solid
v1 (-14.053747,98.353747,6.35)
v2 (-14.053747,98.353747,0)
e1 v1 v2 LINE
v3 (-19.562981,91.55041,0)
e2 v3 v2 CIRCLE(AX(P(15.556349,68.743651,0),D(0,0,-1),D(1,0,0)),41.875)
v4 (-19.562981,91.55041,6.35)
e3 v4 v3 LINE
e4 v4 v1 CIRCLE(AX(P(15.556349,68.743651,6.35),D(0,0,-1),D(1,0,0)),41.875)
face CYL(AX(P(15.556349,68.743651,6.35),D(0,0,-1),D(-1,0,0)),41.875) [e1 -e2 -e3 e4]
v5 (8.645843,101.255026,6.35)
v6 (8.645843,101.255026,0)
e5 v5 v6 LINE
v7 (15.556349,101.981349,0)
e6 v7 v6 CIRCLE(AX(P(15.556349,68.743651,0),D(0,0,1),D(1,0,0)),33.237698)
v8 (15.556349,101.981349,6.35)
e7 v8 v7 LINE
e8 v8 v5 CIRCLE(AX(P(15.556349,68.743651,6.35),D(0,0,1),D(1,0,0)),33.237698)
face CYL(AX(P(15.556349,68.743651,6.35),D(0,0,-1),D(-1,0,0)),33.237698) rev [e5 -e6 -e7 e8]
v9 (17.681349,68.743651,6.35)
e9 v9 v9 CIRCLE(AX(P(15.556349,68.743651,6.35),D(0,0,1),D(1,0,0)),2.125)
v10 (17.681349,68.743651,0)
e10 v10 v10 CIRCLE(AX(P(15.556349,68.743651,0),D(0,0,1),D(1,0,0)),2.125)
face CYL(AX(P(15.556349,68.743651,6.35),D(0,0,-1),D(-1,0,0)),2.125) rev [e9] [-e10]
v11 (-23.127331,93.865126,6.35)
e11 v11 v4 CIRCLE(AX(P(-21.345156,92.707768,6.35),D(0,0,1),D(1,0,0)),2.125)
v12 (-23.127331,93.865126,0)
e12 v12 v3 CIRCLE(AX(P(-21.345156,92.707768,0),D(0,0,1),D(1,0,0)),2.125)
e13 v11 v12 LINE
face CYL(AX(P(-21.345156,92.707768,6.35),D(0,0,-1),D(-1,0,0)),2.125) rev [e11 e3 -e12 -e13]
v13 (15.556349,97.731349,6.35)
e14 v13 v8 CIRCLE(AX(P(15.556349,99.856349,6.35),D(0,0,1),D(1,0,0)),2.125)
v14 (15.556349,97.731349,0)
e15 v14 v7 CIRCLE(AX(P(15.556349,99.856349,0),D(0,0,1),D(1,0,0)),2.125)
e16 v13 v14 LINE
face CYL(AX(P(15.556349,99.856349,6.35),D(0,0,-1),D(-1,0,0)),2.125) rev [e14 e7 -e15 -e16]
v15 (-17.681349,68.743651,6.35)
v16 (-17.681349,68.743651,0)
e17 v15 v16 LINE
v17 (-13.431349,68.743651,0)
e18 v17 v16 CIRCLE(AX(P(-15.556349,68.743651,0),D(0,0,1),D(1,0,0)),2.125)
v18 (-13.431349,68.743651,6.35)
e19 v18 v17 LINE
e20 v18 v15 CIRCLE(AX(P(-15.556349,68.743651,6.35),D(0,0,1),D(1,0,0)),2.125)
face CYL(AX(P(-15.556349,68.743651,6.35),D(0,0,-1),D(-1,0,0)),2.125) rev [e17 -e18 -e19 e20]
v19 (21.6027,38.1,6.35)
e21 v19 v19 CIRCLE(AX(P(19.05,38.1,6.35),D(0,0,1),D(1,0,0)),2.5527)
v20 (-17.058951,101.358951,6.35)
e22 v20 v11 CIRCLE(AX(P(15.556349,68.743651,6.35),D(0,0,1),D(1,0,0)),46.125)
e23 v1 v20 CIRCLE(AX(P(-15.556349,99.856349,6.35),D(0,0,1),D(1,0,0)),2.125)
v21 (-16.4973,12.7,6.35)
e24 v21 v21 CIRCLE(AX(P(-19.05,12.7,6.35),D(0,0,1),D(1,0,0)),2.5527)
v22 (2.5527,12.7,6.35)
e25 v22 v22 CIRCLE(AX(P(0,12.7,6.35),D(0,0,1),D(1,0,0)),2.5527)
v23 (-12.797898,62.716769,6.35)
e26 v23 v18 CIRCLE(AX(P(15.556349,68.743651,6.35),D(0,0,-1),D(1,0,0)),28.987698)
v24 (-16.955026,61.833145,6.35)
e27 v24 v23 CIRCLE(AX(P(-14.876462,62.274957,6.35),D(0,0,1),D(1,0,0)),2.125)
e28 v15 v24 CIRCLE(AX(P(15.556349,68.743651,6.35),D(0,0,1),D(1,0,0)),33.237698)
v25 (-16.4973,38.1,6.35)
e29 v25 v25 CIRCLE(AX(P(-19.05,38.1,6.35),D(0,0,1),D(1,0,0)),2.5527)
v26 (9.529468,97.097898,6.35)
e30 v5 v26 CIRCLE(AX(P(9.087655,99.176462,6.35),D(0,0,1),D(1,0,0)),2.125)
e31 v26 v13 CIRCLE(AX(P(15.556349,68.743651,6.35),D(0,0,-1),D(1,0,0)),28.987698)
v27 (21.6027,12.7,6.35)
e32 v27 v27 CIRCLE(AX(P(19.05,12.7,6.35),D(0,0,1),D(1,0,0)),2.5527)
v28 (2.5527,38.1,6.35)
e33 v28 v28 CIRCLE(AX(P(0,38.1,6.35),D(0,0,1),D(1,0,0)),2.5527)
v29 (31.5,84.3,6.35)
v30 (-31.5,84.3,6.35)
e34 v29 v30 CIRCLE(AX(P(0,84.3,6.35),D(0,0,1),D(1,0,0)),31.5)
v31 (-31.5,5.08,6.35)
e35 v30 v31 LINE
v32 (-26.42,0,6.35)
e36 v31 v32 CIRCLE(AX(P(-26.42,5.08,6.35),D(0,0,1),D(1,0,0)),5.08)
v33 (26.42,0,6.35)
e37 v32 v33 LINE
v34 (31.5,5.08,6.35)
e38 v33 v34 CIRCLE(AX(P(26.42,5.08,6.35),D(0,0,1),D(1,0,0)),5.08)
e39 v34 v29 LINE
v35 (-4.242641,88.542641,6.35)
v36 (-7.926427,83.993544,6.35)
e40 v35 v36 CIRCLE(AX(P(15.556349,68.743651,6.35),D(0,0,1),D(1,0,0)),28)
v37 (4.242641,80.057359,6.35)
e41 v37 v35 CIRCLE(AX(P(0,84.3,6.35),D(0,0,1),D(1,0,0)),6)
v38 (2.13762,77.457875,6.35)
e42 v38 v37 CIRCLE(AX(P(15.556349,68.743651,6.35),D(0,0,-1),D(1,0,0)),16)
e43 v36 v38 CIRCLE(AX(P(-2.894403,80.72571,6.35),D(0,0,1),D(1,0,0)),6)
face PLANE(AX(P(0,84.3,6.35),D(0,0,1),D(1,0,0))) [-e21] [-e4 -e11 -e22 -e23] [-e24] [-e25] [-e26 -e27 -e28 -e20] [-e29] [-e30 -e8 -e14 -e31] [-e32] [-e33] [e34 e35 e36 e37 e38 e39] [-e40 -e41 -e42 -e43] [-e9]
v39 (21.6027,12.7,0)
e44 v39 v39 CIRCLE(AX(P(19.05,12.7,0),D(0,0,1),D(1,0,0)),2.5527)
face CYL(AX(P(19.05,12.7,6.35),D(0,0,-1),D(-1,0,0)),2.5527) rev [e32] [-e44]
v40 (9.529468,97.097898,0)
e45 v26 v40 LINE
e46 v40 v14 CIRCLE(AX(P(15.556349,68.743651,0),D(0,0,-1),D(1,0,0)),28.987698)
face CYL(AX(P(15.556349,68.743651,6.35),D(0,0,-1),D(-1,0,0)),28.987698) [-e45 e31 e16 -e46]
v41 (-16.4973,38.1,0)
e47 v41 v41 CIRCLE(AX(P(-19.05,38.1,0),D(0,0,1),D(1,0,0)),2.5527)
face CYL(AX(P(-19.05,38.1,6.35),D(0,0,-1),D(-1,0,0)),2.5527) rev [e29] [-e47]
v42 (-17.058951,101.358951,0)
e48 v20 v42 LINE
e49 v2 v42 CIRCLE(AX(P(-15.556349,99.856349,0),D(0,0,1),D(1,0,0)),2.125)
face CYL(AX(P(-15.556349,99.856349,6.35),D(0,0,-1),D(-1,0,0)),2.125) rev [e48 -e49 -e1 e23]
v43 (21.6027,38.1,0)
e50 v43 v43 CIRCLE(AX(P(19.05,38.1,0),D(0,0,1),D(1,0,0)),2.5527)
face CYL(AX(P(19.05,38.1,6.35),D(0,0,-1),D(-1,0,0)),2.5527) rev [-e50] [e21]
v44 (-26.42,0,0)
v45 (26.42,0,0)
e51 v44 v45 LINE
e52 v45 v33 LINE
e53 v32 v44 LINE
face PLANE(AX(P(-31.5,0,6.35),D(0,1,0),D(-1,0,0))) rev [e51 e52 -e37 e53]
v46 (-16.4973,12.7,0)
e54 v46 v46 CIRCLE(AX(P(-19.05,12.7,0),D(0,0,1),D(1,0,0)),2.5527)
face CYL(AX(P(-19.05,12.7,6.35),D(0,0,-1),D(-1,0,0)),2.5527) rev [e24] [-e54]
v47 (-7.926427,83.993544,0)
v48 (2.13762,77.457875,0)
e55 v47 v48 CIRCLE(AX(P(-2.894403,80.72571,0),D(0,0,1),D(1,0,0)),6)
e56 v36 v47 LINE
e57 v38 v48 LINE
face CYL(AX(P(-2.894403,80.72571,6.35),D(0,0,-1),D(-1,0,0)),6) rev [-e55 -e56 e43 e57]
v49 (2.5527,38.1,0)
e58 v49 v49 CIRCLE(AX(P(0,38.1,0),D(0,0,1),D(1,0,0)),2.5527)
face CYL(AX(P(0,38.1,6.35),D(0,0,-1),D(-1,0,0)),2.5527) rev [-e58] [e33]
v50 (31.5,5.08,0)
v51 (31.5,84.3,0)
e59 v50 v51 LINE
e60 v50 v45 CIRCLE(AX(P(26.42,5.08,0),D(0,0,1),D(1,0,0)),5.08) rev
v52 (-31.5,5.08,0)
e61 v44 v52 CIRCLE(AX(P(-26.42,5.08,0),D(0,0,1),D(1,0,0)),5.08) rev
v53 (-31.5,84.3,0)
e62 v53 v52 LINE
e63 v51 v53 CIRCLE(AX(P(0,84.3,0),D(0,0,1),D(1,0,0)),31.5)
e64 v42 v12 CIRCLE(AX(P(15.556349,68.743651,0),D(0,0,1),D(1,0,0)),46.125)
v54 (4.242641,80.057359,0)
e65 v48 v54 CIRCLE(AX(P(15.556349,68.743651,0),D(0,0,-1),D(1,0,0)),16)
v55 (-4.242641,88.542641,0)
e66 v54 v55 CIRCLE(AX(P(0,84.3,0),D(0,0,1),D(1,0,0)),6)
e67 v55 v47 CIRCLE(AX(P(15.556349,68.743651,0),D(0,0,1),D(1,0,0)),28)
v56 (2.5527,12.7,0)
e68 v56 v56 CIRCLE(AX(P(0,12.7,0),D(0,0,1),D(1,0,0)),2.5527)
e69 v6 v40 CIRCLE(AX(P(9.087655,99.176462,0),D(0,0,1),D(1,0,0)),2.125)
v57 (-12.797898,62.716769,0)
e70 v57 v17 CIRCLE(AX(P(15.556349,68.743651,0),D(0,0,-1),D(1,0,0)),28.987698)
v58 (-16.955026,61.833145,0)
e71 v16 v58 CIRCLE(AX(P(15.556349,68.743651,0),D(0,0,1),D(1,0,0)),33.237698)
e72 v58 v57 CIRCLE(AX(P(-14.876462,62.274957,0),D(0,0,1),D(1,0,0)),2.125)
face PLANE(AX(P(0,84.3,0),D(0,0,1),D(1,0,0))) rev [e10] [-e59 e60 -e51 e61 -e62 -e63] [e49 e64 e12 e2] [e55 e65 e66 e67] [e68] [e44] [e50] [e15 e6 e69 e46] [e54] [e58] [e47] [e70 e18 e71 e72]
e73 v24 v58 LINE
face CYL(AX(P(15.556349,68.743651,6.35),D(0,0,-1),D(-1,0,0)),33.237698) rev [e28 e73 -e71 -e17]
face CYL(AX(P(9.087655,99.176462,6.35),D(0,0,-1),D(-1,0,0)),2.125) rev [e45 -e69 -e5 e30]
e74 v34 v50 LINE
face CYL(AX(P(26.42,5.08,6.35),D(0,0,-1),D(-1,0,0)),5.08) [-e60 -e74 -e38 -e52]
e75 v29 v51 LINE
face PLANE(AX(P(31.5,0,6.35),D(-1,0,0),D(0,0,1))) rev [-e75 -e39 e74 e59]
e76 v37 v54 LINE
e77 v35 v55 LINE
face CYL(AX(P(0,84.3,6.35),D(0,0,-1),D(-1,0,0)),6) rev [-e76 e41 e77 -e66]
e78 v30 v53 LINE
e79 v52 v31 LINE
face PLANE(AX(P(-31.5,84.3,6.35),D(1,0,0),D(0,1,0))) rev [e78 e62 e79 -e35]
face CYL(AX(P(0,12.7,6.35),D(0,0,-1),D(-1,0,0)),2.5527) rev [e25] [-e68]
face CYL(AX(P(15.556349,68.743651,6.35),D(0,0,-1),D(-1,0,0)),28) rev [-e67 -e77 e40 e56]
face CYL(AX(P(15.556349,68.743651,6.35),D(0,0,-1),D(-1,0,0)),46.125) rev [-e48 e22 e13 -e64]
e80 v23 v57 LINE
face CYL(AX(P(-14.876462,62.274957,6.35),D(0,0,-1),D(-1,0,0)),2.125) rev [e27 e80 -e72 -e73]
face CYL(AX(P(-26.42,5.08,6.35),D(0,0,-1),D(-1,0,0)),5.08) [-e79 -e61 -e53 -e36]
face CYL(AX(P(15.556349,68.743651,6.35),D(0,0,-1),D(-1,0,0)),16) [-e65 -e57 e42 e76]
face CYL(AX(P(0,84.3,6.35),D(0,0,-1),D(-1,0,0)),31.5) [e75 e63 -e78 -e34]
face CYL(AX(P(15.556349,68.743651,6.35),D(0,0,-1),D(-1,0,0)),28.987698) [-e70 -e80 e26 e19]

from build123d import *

# Parameters (mm, degrees)
SKETCH1_R           = 2.125
SKETCH1_R_2         = 2.5527
BOSS_EXTRUDE1_DEPTH = 6.35
FILLET1_R           = 5.08


with BuildPart() as part:
    # Sketch1 → Boss-Extrude1 (new body)
    with BuildSketch(Plane.XY):
        with BuildLine():
            Line((31.499999992, 0), (31.499999992, 84.3))
            ThreePointArc((31.499999992, 84.3), (0, 115.799999992), (-31.499999992, 84.3))
            Line((-31.499999992, 84.3), (-31.499999992, 0))
            Line((-31.499999992, 0), (31.499999992, 0))
        make_face()
        with Locations((15.556349186, 68.743650814)):
            Circle(SKETCH1_R, mode=Mode.SUBTRACT)
        with Locations((19.05, 12.7)):
            Circle(SKETCH1_R_2, mode=Mode.SUBTRACT)
        with Locations((0, 12.7)):
            Circle(SKETCH1_R_2, mode=Mode.SUBTRACT)
        with Locations((0, 38.1)):
            Circle(SKETCH1_R_2, mode=Mode.SUBTRACT)
        with Locations((19.05, 38.1)):
            Circle(SKETCH1_R_2, mode=Mode.SUBTRACT)
        with Locations((-19.05, 12.7)):
            Circle(SKETCH1_R_2, mode=Mode.SUBTRACT)
        with Locations((-19.05, 38.1)):
            Circle(SKETCH1_R_2, mode=Mode.SUBTRACT)
        with BuildLine():
            ThreePointArc((15.556349186, 101.981349186), (12.082063653, 101.799269597), (8.645843119, 101.255025731))
            ThreePointArc((8.645843119, 101.255025731), (7.00909181, 98.734649736), (9.529467805, 97.097898427))
            ThreePointArc((9.529467805, 97.097898427), (12.526309622, 97.572551541), (15.556349186, 97.731349186))
            ThreePointArc((15.556349186, 97.731349186), (17.681349186, 99.856349186), (15.556349186, 101.981349186))
        make_face(mode=Mode.SUBTRACT)
        with BuildLine():
            ThreePointArc((-17.681349186, 68.743650814), (-17.499269597, 65.26936528), (-16.955025731, 61.833144746))
            ThreePointArc((-16.955025731, 61.833144746), (-14.434649736, 60.196393438), (-12.797898427, 62.716769432))
            ThreePointArc((-12.797898427, 62.716769432), (-13.272551541, 65.713611249), (-13.431349186, 68.743650814))
            ThreePointArc((-13.431349186, 68.743650814), (-15.556349186, 70.868650814), (-17.681349186, 68.743650814))
        make_face(mode=Mode.SUBTRACT)
        with BuildLine():
            ThreePointArc((-17.058951096, 101.358951096), (-20.289508286, 97.771053851), (-23.12733076, 93.865126304))
            ThreePointArc((-23.12733076, 93.865126304), (-22.502513753, 90.925593398), (-19.562980847, 91.550410405))
            ThreePointArc((-19.562980847, 91.550410405), (-16.98663795, 95.096442189), (-14.053747276, 98.353747276))
            ThreePointArc((-14.053747276, 98.353747276), (-14.053747276, 101.358951096), (-17.058951096, 101.358951096))
        make_face(mode=Mode.SUBTRACT)
        with BuildLine():
            ThreePointArc((-4.242640687, 88.542640687), (-6.203737735, 86.364621763), (-7.926426716, 83.993543794))
            ThreePointArc((-7.926426716, 83.993543794), (-6.162237519, 75.693686177), (2.137620099, 77.457875374))
            ThreePointArc((2.137620099, 77.457875374), (3.122013803, 78.812777071), (4.242640687, 80.057359313))
            ThreePointArc((4.242640687, 80.057359313), (4.242640687, 88.542640687), (-4.242640687, 88.542640687))
        make_face(mode=Mode.SUBTRACT)
    extrude(amount=BOSS_EXTRUDE1_DEPTH)

    # Fillet1
    fillet1_edges = [part.edges().sort_by_distance(p)[0] for p in [
        (31.499999992, 0, 3.175),
        (-31.499999992, 0, 3.175),
    ]]
    fillet(fillet1_edges, radius=FILLET1_R)


solid = part.part
